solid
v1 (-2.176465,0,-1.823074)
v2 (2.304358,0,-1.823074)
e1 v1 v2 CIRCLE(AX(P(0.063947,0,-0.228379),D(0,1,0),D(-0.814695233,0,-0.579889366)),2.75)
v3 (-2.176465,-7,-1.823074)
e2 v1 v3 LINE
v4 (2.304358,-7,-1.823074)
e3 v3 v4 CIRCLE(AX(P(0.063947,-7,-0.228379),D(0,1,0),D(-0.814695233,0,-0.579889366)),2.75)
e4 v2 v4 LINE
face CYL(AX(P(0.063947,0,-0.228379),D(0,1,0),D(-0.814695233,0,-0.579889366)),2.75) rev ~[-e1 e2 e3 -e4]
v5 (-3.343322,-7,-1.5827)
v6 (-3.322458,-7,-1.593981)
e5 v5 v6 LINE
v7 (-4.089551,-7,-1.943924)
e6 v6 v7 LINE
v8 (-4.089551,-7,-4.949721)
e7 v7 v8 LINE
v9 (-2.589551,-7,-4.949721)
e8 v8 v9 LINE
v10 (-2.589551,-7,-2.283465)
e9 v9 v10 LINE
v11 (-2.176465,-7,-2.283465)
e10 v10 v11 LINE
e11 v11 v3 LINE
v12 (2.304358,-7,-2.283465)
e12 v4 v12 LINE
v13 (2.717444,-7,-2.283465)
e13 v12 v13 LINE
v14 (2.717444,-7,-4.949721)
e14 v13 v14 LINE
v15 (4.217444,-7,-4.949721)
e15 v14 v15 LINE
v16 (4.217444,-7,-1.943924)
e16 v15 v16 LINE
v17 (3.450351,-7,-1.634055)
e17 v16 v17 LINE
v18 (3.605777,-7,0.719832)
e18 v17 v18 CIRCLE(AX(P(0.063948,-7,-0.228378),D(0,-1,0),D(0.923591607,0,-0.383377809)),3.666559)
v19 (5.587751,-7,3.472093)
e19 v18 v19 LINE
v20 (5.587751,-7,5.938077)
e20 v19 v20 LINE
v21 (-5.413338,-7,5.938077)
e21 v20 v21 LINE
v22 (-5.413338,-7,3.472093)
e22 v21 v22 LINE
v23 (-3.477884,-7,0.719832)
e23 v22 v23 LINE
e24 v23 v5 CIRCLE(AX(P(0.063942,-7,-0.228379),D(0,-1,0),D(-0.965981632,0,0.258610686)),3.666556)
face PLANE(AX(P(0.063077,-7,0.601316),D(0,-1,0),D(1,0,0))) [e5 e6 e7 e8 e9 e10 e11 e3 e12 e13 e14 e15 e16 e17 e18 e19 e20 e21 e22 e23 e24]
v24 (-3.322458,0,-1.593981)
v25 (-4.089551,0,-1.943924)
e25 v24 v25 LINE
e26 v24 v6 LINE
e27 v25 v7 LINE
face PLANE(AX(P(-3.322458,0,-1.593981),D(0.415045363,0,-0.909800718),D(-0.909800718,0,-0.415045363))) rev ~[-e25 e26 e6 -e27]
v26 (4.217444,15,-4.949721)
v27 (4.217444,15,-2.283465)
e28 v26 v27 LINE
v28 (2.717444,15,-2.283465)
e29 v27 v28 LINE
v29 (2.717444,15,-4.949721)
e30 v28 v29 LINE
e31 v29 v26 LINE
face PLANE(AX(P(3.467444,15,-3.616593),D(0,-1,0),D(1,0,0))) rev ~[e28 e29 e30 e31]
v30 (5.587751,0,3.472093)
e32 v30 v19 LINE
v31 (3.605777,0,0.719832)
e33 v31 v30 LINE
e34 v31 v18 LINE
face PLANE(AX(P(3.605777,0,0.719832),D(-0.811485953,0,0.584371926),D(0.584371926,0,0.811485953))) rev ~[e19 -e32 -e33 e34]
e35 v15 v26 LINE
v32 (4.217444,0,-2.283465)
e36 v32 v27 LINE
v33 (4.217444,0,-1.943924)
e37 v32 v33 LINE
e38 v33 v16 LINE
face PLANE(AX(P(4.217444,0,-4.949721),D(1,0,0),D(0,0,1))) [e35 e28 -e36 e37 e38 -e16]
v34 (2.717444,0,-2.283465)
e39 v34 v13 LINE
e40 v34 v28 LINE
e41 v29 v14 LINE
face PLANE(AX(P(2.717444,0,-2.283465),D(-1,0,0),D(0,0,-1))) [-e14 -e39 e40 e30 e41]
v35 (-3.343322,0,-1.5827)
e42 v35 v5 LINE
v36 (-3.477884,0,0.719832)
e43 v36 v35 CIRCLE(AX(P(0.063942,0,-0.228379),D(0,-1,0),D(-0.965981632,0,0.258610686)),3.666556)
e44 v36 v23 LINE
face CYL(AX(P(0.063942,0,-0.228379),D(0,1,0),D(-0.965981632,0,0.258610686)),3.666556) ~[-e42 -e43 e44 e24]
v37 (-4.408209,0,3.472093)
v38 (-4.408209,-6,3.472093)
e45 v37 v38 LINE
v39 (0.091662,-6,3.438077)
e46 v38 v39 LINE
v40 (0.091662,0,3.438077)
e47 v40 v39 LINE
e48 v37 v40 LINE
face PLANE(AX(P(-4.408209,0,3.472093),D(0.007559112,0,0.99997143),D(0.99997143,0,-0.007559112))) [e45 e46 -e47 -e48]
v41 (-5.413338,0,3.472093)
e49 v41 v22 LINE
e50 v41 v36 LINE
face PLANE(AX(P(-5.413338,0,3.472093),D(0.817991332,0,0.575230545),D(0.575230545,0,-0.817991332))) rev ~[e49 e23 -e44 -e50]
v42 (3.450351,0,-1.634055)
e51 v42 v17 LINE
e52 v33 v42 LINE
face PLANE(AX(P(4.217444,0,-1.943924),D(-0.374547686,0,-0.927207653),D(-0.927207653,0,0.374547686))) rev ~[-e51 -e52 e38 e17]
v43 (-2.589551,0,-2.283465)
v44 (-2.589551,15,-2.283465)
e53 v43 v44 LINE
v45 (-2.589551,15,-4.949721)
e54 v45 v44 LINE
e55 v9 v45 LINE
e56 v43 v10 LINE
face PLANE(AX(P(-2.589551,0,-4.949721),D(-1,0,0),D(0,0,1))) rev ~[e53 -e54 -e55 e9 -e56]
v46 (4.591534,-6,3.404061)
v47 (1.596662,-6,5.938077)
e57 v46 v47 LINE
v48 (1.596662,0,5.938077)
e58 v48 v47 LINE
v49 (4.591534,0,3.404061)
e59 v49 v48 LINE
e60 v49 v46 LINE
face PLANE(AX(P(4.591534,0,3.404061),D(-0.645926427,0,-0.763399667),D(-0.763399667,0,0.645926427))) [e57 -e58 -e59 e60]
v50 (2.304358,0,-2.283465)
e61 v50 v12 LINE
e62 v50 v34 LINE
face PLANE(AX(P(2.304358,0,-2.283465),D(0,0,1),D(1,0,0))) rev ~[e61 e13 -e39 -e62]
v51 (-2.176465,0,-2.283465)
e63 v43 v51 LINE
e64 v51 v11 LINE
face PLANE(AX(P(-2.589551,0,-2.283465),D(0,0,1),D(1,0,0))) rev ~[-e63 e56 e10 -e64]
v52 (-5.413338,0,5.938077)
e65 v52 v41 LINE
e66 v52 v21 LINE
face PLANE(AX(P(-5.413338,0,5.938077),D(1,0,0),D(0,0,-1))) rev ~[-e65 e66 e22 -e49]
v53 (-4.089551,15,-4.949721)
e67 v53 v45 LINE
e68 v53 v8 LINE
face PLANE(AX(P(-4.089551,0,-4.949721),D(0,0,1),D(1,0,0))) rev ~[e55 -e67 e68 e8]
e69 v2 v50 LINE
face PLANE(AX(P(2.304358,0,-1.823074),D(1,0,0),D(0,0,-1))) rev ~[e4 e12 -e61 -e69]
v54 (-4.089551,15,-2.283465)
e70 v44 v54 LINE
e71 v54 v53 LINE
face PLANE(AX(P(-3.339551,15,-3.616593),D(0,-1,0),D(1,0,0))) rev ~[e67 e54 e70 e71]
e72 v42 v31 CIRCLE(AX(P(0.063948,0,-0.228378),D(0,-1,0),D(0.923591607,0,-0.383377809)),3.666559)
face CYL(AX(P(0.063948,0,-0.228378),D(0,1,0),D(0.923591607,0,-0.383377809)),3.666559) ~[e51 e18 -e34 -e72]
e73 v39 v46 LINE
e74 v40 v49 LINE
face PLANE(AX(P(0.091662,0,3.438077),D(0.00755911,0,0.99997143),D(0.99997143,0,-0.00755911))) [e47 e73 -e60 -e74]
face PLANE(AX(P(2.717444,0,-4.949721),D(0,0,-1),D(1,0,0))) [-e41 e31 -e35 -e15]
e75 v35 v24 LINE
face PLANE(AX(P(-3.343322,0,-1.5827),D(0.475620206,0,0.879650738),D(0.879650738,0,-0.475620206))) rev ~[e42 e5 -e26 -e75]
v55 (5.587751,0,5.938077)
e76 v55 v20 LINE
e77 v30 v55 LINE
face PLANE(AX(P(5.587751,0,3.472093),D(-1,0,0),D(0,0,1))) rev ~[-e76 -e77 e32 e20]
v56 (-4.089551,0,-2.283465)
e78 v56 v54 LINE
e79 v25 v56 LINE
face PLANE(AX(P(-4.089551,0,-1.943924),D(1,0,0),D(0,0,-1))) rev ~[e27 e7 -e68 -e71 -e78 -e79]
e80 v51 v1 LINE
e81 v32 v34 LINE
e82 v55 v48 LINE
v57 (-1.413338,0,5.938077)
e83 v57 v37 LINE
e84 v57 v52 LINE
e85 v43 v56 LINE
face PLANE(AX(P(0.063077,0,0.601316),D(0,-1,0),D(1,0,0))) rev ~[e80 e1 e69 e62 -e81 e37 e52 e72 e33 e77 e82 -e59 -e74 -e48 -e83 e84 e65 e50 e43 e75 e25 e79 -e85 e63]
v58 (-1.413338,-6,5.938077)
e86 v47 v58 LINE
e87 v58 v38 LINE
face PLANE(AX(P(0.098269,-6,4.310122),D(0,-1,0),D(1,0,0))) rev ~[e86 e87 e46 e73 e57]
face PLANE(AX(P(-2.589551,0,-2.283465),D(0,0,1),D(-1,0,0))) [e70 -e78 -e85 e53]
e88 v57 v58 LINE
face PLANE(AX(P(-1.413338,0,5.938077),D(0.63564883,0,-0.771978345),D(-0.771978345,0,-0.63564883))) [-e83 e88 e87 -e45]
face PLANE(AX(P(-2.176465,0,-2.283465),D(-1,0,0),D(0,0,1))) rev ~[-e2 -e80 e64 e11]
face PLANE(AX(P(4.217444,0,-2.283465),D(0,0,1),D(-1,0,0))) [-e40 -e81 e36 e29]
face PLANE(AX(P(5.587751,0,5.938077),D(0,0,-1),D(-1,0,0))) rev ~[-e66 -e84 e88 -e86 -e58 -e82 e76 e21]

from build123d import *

# Parameters (mm, degrees)
F1_DEPTH = 7
F2_DEPTH = 6
F3_DEPTH = 15


with BuildPart() as f1:
    # F0 (on Front) → F1 (new body)
    with BuildSketch(Plane.XZ):
        with BuildLine():
            ThreePointArc((-3.477884, 0.719832), (-3.596369, -0.44229), (-3.343322, -1.5827))
            Line((-3.343322, -1.5827), (-3.322458, -1.593981))
            Line((-3.322458, -1.593981), (-3.322458, -2.283465))
            Line((-3.322458, -2.283465), (-2.589551, -2.283465))
            Line((-2.589551, -2.283465), (-2.176465, -2.283465))
            Line((-2.176465, -2.283465), (-2.176465, -1.823074))
            ThreePointArc((-2.176465, -1.823074), (0.063946, 2.521621), (2.304358, -1.823074))
            Line((2.304358, -1.823074), (2.304358, -2.283465))
            Line((2.304358, -2.283465), (2.717444, -2.283465))
            Line((2.717444, -2.283465), (3.450351, -2.283465))
            Line((3.450351, -2.283465), (3.450351, -1.634055))
            ThreePointArc((3.450351, -1.634055), (3.72254, -0.469953), (3.605777, 0.719832))
            ThreePointArc((3.605777, 0.719832), (2.307299, 2.6718), (0.091662, 3.438077))
            ThreePointArc((0.091662, 3.438077), (-2.157419, 2.688675), (-3.477884, 0.719832))
        make_face()
        Polygon((-3.322458, -2.283465), (-3.322458, -1.593981), (-4.089551, -1.943924), (-4.089551, -2.283465), align=None)
        with BuildLine():
            Line((-5.413338, 3.472093), (-3.477884, 0.719832))
            ThreePointArc((-3.477884, 0.719832), (-2.157419, 2.688675), (0.091662, 3.438077))
            Line((0.091662, 3.438077), (-4.408209, 3.472093))
            Line((-4.408209, 3.472093), (-1.413338, 5.938077))
            Line((-1.413338, 5.938077), (-5.413338, 5.938077))
            Line((-5.413338, 5.938077), (-5.413338, 3.472093))
        make_face()
        Polygon((-2.589551, -2.283465), (-3.322458, -2.283465), (-4.089551, -2.283465), (-4.089551, -4.949721), (-3.322458, -4.949721), (-2.589551, -4.949721), align=None)
        with BuildLine():
            Line((4.591534, 3.404061), (0.091662, 3.438077))
            ThreePointArc((0.091662, 3.438077), (2.307299, 2.6718), (3.605777, 0.719832))
            Line((3.605777, 0.719832), (5.587751, 3.472093))
            Line((5.587751, 3.472093), (5.587751, 5.938077))
            Line((5.587751, 5.938077), (1.596662, 5.938077))
            Line((1.596662, 5.938077), (4.591534, 3.404061))
        make_face()
        Polygon((-4.408209, 3.472093), (0.091662, 3.438077), (4.591534, 3.404061), (1.596662, 5.938077), (-1.413338, 5.938077), align=None)
        Polygon((4.217444, -1.943924), (3.450351, -1.634055), (3.450351, -2.283465), (4.217444, -2.283465), align=None)
        Polygon((4.217444, -2.283465), (3.450351, -2.283465), (2.717444, -2.283465), (2.717444, -4.949721), (3.450351, -4.949721), (4.217444, -4.949721), align=None)
    extrude(amount=F1_DEPTH)

    # F0 (on Front) → F2 (cut)
    with BuildSketch(Plane.XZ):
        Polygon((-4.408209, 3.472093), (0.091662, 3.438077), (4.591534, 3.404061), (1.596662, 5.938077), (-1.413338, 5.938077), align=None)
    extrude(amount=F2_DEPTH, mode=Mode.SUBTRACT)

    # F0 (on Front) → F3 (join)
    with BuildSketch(Plane.XZ):
        Polygon((4.217444, -2.283465), (3.450351, -2.283465), (2.717444, -2.283465), (2.717444, -4.949721), (3.450351, -4.949721), (4.217444, -4.949721), align=None)
        Polygon((-2.589551, -2.283465), (-3.322458, -2.283465), (-4.089551, -2.283465), (-4.089551, -4.949721), (-3.322458, -4.949721), (-2.589551, -4.949721), align=None)
    extrude(amount=-F3_DEPTH)


solid = f1.part
